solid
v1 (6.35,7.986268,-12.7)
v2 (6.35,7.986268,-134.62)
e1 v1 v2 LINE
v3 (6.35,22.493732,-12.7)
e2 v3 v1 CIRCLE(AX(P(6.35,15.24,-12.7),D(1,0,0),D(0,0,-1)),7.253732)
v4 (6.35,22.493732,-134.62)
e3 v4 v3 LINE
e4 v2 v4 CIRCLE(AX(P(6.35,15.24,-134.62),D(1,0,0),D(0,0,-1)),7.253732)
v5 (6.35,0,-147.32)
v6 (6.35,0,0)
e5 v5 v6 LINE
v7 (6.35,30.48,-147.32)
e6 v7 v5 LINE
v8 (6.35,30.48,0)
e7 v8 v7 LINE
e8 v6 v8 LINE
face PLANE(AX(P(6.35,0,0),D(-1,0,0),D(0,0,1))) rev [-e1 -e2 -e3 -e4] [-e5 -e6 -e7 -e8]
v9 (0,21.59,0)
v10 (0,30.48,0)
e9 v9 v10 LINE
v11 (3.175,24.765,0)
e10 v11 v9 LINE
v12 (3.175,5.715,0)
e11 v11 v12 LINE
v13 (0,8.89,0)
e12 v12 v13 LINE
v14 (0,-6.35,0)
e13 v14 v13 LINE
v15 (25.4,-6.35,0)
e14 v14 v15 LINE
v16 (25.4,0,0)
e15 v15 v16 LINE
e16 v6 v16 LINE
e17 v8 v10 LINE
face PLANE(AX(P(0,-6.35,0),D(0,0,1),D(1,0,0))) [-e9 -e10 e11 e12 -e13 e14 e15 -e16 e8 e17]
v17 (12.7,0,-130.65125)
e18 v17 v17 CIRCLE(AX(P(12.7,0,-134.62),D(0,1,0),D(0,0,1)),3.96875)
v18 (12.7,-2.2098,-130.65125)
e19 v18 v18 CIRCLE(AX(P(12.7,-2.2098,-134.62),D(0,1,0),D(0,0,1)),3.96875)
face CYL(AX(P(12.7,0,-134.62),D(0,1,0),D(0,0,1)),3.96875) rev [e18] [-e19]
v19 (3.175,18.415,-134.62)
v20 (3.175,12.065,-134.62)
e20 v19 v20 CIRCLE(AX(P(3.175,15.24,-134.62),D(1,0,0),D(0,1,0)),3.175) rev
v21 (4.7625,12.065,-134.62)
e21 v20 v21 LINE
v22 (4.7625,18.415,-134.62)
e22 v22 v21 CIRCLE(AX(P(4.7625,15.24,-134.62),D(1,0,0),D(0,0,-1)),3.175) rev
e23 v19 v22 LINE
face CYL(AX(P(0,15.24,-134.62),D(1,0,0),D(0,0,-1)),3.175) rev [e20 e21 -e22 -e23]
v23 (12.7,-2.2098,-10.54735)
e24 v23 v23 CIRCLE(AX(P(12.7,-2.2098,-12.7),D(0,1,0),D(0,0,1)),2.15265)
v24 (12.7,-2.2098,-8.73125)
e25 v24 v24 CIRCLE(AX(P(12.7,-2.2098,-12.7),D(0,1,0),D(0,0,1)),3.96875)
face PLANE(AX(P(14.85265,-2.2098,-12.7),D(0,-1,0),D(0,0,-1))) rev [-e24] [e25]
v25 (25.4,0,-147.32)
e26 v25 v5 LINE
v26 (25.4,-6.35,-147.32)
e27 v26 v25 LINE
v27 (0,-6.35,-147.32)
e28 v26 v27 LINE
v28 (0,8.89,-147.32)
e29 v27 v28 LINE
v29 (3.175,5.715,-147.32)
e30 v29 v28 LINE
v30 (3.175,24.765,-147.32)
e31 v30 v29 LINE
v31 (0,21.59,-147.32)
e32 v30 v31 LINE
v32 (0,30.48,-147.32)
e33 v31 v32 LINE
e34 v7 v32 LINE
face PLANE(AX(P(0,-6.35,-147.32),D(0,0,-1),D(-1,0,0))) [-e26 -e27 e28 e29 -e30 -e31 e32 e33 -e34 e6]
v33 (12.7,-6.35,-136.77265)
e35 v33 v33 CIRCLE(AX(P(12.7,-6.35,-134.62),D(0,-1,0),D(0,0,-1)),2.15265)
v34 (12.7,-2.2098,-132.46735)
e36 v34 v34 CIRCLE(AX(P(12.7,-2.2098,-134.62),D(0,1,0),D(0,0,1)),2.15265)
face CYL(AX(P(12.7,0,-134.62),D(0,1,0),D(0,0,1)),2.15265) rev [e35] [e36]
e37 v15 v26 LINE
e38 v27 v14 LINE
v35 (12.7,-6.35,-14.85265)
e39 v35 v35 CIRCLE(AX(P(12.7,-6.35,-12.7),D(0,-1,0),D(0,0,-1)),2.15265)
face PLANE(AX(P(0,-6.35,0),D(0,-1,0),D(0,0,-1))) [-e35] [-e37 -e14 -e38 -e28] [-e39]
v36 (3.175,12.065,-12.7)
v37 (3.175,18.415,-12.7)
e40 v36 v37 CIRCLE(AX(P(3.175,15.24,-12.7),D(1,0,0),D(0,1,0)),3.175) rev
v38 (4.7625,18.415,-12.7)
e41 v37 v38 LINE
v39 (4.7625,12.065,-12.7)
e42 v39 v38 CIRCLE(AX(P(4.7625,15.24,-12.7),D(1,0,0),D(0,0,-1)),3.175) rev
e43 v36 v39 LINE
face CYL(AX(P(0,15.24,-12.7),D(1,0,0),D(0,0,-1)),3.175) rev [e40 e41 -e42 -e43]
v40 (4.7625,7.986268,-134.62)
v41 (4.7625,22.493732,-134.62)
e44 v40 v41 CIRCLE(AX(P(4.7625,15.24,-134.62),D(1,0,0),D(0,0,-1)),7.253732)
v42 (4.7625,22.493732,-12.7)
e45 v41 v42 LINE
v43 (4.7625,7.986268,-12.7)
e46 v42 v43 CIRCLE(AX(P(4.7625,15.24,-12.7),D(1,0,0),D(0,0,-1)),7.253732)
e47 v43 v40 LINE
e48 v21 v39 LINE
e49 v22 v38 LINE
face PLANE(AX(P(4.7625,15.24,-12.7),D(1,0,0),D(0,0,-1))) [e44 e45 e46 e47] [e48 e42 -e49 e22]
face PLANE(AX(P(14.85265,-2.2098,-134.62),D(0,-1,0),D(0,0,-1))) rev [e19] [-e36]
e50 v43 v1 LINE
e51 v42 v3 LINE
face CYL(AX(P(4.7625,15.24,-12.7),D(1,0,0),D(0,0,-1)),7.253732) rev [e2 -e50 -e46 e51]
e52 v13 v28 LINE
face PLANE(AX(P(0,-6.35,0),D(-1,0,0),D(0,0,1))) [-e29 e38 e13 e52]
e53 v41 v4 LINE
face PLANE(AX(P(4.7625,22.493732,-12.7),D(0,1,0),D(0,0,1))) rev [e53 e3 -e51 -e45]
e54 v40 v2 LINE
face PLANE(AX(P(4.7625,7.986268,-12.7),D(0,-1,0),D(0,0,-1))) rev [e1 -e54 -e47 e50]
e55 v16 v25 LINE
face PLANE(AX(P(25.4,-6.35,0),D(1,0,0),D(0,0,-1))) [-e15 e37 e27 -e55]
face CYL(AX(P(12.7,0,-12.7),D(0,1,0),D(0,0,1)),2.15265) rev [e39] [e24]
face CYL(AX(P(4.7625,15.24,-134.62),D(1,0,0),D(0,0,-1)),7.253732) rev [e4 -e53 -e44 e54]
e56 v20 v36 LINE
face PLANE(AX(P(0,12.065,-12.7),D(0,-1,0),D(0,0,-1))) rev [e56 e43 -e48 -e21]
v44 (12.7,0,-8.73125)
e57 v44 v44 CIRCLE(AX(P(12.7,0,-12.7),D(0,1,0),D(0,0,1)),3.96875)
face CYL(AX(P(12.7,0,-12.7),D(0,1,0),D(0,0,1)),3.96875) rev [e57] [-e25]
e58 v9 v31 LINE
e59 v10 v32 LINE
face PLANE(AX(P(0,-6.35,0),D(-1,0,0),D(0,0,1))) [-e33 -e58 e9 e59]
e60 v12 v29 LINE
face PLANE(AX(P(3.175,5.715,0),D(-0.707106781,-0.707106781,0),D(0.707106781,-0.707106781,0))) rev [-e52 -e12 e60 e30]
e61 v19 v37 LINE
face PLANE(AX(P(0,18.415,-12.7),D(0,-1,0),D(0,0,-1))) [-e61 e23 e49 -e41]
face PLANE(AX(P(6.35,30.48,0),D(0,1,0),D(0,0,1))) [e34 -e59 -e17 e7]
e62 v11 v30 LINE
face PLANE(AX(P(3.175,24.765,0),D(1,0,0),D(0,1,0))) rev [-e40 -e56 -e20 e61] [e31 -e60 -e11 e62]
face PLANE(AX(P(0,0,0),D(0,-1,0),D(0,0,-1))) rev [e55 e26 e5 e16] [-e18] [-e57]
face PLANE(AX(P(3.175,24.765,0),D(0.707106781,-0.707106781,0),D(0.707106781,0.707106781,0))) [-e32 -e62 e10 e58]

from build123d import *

# Parameters (mm, degrees)
SKETCH1_W                                           = 25.4
SKETCH1_H                                           = 147.32
BOSS_EXTRUDE1_DEPTH                                 = 6.35
SKETCH2_W                                           = 147.32
SKETCH2_H                                           = 30.48
BOSS_EXTRUDE2_DEPTH                                 = 6.35
CBORE_FOR_6_BINDING_HEAD_MACHINE_SCREW1_D           = 4.3053
CBORE_FOR_6_BINDING_HEAD_MACHINE_SCREW1_CBORE_D     = 7.9375
CBORE_FOR_6_BINDING_HEAD_MACHINE_SCREW1_CBORE_DEPTH = 2.2098
CUT_EXTRUDE1_DEPTH                                  = 152.641403647
CUT_EXTRUDE2_DEPTH                                  = 1.5875
CUT_EXTRUDE3_DEPTH                                  = 153.569239364


with BuildPart() as part:
    # Sketch1 → Boss-Extrude1 (new body)
    with BuildSketch(Plane(origin=(0, 0, 0), x_dir=(1, 0, 0), z_dir=(0, 1, 0))):
        with Locations((12.7, 73.66)):
            Rectangle(SKETCH1_W, SKETCH1_H)
    extrude(amount=-BOSS_EXTRUDE1_DEPTH)

    # Sketch2 → Boss-Extrude2 (add)
    with BuildSketch(Plane.ZY):
        with Locations((-73.66, 15.24)):
            Rectangle(SKETCH2_W, SKETCH2_H)
    extrude(amount=-BOSS_EXTRUDE2_DEPTH)

    # CBORE for #6 Binding Head Machine Screw1 (through all)
    with Locations(Plane(origin=(0, 0, 0), x_dir=(1, 0, 0), z_dir=(0, 1, 0))):
        with Locations((12.7, 12.7), (12.7, 134.62)):
            CounterBoreHole(CBORE_FOR_6_BINDING_HEAD_MACHINE_SCREW1_D / 2, CBORE_FOR_6_BINDING_HEAD_MACHINE_SCREW1_CBORE_D / 2, CBORE_FOR_6_BINDING_HEAD_MACHINE_SCREW1_CBORE_DEPTH)

    # Sketch9 → Cut-Extrude1 (cut, through all)
    with BuildSketch(Plane(origin=(6.35, 0, 0), x_dir=(0, 0, -1), z_dir=(1, 0, 0))):
        with BuildLine():
            Line((12.7, 18.415), (134.62, 18.415))
            ThreePointArc((134.62, 18.415), (137.795, 15.24), (134.62, 12.065))
            Line((134.62, 12.065), (12.7, 12.065))
            ThreePointArc((12.7, 12.065), (9.525, 15.24), (12.7, 18.415))
        make_face()
    extrude(amount=-CUT_EXTRUDE1_DEPTH, mode=Mode.SUBTRACT)

    # Sketch12 → Cut-Extrude2 (cut)
    with BuildSketch(Plane(origin=(6.35, 0, 0), x_dir=(0, 0, -1), z_dir=(1, 0, 0))):
        with BuildLine():
            Line((12.7, 22.493732), (134.62, 22.493732))
            ThreePointArc((134.62, 22.493732), (141.873732, 15.24), (134.62, 7.986268))
            Line((134.62, 7.986268), (12.7, 7.986268))
            ThreePointArc((12.7, 7.986268), (5.446268, 15.24), (12.7, 22.493732))
        make_face()
    extrude(amount=-CUT_EXTRUDE2_DEPTH, mode=Mode.SUBTRACT)

    # Sketch13 → Cut-Extrude3 (cut, through all)
    with BuildSketch(Plane(origin=(0, 0, -147.32), x_dir=(-1, 0, 0), z_dir=(0, 0, -1))):
        Polygon((0, 21.59), (0, 8.89), (-3.175, 5.715), (-3.175, 24.765), align=None)
    extrude(amount=-CUT_EXTRUDE3_DEPTH, mode=Mode.SUBTRACT)


solid = part.part
